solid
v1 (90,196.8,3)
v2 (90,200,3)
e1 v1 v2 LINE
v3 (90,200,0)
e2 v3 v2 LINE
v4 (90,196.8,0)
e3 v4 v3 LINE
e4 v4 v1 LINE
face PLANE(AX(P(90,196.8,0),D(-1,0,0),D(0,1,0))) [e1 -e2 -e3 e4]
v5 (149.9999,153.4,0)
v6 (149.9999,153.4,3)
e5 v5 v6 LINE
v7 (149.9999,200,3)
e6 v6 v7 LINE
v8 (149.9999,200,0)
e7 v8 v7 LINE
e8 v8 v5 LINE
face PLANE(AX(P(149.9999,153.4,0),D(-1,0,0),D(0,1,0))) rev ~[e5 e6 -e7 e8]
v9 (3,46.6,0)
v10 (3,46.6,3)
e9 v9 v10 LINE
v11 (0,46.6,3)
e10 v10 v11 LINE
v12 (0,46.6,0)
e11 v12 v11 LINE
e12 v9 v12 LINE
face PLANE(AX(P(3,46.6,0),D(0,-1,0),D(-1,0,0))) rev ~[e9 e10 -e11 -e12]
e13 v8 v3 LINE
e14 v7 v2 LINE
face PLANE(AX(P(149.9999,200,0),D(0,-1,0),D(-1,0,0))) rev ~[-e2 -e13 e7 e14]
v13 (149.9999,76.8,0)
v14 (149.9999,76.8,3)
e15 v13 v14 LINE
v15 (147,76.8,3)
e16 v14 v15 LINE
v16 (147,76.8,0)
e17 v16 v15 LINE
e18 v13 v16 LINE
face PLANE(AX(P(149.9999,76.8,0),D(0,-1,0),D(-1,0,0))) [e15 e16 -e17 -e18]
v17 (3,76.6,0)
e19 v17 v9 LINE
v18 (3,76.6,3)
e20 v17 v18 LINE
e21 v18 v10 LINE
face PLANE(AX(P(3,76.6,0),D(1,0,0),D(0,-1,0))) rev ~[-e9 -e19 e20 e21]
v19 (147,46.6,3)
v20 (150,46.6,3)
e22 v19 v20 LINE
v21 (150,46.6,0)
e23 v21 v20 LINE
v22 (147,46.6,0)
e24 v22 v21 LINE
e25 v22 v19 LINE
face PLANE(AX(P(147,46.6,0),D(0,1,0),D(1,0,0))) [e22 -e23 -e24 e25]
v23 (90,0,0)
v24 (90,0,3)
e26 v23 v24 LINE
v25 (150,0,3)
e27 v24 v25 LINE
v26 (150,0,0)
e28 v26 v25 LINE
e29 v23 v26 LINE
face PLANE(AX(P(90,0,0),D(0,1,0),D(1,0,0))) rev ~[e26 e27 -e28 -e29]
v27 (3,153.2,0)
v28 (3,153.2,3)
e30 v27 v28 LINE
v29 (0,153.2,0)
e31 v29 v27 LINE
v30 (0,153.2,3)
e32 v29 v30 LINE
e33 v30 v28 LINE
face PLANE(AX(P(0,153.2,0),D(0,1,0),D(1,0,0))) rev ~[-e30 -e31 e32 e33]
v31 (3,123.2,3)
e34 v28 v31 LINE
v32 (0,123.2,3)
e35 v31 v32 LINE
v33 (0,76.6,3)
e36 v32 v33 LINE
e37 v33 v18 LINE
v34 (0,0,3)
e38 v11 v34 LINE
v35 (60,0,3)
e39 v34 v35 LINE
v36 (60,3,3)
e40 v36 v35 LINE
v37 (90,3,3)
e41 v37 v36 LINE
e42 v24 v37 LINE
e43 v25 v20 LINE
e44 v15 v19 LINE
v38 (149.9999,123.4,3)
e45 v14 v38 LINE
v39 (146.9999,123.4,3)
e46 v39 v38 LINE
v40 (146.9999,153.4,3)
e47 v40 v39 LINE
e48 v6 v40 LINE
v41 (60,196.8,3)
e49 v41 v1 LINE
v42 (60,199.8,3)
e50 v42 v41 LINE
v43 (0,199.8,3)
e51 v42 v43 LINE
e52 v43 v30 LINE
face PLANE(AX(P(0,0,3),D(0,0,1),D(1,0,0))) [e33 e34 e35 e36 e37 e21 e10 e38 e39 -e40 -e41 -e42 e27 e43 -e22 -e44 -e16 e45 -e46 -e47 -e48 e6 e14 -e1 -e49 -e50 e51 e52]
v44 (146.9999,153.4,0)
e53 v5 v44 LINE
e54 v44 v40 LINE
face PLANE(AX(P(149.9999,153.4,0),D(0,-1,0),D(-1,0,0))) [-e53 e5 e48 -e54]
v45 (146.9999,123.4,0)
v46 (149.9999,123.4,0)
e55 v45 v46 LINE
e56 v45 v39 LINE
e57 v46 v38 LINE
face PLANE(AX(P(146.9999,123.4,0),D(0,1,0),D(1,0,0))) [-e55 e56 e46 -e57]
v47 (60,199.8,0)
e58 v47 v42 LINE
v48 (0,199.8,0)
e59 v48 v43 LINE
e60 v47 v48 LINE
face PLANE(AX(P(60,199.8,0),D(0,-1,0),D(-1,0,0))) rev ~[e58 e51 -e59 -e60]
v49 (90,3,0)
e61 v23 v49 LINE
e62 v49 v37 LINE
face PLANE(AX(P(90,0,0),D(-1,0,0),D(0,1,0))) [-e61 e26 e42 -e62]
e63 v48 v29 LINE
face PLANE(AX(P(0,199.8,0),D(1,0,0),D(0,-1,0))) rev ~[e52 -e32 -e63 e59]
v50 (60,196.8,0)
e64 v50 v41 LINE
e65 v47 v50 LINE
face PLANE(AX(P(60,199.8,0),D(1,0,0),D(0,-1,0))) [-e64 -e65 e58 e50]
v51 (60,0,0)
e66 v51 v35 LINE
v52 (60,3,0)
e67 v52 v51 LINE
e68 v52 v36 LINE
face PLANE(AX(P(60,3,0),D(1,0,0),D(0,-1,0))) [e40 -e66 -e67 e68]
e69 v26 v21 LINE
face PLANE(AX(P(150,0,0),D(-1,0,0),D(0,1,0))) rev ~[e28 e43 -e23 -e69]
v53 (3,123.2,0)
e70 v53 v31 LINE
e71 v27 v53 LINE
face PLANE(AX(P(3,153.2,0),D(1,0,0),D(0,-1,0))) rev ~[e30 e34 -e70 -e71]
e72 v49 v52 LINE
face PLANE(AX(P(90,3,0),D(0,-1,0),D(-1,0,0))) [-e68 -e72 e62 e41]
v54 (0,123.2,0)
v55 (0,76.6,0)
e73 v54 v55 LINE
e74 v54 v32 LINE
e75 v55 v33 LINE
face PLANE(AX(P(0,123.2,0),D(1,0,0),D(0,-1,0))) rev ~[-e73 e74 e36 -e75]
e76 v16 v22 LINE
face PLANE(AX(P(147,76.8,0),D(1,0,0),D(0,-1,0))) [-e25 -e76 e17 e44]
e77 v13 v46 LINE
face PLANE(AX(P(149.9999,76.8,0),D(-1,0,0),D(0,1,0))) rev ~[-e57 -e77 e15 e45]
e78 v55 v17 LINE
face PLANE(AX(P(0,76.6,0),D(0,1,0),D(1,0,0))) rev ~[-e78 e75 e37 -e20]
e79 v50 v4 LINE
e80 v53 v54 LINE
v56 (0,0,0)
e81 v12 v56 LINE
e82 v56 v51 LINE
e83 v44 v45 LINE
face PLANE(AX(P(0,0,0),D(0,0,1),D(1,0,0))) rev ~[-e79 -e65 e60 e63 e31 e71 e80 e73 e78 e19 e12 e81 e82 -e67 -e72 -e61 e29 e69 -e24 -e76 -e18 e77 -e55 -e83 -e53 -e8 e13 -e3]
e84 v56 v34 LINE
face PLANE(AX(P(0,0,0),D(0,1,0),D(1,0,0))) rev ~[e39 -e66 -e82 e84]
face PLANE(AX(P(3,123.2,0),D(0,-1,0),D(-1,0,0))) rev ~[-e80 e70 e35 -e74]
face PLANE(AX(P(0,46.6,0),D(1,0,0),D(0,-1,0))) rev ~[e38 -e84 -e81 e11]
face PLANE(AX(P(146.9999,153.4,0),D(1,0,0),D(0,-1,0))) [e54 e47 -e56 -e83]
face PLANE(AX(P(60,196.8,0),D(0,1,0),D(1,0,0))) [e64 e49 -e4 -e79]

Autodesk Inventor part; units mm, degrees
ref_plane "YZ Plane" through (0, 0, 0) normal (1, 0, 0) x (0, 1, 0)
ref_plane "XZ Plane" through (0, 0, 0) normal (0, 1, 0) x (-1, 0, 0)
ref_plane "XY Plane" through (0, 0, 0) normal (0, 0, 1) x (1, 0, 0)
sketch "Sketch1" plane through (0, 0, 0) normal (0, 0, 1) x (1, 0, 0)
  line L0 (60, 199.8) -> (60, 196.8)
  line L1 (60, 196.8) -> (90, 196.8)
  line L2 (90, 196.8) -> (90, 200)
  line L3 (90, 0) -> (90, 3)
  line L4 (90, 3) -> (60, 3)
  line L5 (60, 3) -> (60, 0)
  line L6 (149.9999, 200) -> (90, 200)
  line L7 (60, 199.8) -> (0, 199.8)
  line L8 (0, 0) -> (60, 0)
  line L9 (90, 0) -> (150, 0)
  line L10 (0, 153.2) -> (3, 153.2)
  line L11 (3, 153.2) -> (3, 123.2)
  line L12 (3, 123.2) -> (0, 123.2)
  line L13 (0, 76.6) -> (3, 76.6)
  line L14 (3, 76.6) -> (3, 46.6)
  line L15 (3, 46.6) -> (0, 46.6)
  line L16 (0, 199.8) -> (0, 153.2)
  line L17 (0, 123.2) -> (0, 76.6)
  line L18 (0, 46.6) -> (0, 0)
  line L19 (149.9999, 153.4) -> (146.9999, 153.4)
  line L20 (146.9999, 153.4) -> (146.9999, 123.4)
  line L21 (146.9999, 123.4) -> (149.9999, 123.4)
  line L22 (149.9999, 153.4) -> (149.9999, 200)
  line L23 (149.9999, 76.8) -> (147, 76.8)
  line L24 (147, 76.8) -> (147, 46.6)
  line L25 (147, 46.6) -> (150, 46.6)
  line L26 (150, 0) -> (150, 46.6)
  line L27 (149.9999, 76.8) -> (149.9999, 123.4)
  line L28 (146.9999, 123.4) -> (147, 123.4)
  line L29 (147, 123.4) -> (147, 76.8)
  line L30 (147, 76.8) -> (146.9999, 76.8)
  line L31 (146.9999, 76.8) -> (146.9999, 123.4)
  line L32 (90, 196.8) -> (149.9999, 196.8)
  line L33 (149.9999, 196.8) -> (149.9999, 200)
  line L34 (149.9999, 200) -> (90, 200)
  line L35 (90, 200) -> (90, 196.8)
  dimension "d1" = 200
  dimension "d2" = 150
  dimension "d4" = 30
  dimension "d6" = 3
  dimension "d26" = 30
  dimension "d27" = 60
  dimension "d28" = 60
  dimension "d29" = 30
  dimension "d30" = 30
  dimension "d31" = 3
  dimension "d32" = 3
  dimension "d34" = 3
  dimension "d35" = 3
  dimension "d36" = 46.6
  dimension "d37" = 46.6
  dimension "d38" = 46.6
  dimension "d39" = 46.6
  dimension "d40" = 46.6
  dimension "d41" = 46.6
  dimension "d44" = 3
  dimension "d45" = 3
  dimension "d46" = 3
  dimension "d47" = 3
extrude "Extrusion1" add sketch "Sketch1" along normal blind 3
properties part number "belakang"
